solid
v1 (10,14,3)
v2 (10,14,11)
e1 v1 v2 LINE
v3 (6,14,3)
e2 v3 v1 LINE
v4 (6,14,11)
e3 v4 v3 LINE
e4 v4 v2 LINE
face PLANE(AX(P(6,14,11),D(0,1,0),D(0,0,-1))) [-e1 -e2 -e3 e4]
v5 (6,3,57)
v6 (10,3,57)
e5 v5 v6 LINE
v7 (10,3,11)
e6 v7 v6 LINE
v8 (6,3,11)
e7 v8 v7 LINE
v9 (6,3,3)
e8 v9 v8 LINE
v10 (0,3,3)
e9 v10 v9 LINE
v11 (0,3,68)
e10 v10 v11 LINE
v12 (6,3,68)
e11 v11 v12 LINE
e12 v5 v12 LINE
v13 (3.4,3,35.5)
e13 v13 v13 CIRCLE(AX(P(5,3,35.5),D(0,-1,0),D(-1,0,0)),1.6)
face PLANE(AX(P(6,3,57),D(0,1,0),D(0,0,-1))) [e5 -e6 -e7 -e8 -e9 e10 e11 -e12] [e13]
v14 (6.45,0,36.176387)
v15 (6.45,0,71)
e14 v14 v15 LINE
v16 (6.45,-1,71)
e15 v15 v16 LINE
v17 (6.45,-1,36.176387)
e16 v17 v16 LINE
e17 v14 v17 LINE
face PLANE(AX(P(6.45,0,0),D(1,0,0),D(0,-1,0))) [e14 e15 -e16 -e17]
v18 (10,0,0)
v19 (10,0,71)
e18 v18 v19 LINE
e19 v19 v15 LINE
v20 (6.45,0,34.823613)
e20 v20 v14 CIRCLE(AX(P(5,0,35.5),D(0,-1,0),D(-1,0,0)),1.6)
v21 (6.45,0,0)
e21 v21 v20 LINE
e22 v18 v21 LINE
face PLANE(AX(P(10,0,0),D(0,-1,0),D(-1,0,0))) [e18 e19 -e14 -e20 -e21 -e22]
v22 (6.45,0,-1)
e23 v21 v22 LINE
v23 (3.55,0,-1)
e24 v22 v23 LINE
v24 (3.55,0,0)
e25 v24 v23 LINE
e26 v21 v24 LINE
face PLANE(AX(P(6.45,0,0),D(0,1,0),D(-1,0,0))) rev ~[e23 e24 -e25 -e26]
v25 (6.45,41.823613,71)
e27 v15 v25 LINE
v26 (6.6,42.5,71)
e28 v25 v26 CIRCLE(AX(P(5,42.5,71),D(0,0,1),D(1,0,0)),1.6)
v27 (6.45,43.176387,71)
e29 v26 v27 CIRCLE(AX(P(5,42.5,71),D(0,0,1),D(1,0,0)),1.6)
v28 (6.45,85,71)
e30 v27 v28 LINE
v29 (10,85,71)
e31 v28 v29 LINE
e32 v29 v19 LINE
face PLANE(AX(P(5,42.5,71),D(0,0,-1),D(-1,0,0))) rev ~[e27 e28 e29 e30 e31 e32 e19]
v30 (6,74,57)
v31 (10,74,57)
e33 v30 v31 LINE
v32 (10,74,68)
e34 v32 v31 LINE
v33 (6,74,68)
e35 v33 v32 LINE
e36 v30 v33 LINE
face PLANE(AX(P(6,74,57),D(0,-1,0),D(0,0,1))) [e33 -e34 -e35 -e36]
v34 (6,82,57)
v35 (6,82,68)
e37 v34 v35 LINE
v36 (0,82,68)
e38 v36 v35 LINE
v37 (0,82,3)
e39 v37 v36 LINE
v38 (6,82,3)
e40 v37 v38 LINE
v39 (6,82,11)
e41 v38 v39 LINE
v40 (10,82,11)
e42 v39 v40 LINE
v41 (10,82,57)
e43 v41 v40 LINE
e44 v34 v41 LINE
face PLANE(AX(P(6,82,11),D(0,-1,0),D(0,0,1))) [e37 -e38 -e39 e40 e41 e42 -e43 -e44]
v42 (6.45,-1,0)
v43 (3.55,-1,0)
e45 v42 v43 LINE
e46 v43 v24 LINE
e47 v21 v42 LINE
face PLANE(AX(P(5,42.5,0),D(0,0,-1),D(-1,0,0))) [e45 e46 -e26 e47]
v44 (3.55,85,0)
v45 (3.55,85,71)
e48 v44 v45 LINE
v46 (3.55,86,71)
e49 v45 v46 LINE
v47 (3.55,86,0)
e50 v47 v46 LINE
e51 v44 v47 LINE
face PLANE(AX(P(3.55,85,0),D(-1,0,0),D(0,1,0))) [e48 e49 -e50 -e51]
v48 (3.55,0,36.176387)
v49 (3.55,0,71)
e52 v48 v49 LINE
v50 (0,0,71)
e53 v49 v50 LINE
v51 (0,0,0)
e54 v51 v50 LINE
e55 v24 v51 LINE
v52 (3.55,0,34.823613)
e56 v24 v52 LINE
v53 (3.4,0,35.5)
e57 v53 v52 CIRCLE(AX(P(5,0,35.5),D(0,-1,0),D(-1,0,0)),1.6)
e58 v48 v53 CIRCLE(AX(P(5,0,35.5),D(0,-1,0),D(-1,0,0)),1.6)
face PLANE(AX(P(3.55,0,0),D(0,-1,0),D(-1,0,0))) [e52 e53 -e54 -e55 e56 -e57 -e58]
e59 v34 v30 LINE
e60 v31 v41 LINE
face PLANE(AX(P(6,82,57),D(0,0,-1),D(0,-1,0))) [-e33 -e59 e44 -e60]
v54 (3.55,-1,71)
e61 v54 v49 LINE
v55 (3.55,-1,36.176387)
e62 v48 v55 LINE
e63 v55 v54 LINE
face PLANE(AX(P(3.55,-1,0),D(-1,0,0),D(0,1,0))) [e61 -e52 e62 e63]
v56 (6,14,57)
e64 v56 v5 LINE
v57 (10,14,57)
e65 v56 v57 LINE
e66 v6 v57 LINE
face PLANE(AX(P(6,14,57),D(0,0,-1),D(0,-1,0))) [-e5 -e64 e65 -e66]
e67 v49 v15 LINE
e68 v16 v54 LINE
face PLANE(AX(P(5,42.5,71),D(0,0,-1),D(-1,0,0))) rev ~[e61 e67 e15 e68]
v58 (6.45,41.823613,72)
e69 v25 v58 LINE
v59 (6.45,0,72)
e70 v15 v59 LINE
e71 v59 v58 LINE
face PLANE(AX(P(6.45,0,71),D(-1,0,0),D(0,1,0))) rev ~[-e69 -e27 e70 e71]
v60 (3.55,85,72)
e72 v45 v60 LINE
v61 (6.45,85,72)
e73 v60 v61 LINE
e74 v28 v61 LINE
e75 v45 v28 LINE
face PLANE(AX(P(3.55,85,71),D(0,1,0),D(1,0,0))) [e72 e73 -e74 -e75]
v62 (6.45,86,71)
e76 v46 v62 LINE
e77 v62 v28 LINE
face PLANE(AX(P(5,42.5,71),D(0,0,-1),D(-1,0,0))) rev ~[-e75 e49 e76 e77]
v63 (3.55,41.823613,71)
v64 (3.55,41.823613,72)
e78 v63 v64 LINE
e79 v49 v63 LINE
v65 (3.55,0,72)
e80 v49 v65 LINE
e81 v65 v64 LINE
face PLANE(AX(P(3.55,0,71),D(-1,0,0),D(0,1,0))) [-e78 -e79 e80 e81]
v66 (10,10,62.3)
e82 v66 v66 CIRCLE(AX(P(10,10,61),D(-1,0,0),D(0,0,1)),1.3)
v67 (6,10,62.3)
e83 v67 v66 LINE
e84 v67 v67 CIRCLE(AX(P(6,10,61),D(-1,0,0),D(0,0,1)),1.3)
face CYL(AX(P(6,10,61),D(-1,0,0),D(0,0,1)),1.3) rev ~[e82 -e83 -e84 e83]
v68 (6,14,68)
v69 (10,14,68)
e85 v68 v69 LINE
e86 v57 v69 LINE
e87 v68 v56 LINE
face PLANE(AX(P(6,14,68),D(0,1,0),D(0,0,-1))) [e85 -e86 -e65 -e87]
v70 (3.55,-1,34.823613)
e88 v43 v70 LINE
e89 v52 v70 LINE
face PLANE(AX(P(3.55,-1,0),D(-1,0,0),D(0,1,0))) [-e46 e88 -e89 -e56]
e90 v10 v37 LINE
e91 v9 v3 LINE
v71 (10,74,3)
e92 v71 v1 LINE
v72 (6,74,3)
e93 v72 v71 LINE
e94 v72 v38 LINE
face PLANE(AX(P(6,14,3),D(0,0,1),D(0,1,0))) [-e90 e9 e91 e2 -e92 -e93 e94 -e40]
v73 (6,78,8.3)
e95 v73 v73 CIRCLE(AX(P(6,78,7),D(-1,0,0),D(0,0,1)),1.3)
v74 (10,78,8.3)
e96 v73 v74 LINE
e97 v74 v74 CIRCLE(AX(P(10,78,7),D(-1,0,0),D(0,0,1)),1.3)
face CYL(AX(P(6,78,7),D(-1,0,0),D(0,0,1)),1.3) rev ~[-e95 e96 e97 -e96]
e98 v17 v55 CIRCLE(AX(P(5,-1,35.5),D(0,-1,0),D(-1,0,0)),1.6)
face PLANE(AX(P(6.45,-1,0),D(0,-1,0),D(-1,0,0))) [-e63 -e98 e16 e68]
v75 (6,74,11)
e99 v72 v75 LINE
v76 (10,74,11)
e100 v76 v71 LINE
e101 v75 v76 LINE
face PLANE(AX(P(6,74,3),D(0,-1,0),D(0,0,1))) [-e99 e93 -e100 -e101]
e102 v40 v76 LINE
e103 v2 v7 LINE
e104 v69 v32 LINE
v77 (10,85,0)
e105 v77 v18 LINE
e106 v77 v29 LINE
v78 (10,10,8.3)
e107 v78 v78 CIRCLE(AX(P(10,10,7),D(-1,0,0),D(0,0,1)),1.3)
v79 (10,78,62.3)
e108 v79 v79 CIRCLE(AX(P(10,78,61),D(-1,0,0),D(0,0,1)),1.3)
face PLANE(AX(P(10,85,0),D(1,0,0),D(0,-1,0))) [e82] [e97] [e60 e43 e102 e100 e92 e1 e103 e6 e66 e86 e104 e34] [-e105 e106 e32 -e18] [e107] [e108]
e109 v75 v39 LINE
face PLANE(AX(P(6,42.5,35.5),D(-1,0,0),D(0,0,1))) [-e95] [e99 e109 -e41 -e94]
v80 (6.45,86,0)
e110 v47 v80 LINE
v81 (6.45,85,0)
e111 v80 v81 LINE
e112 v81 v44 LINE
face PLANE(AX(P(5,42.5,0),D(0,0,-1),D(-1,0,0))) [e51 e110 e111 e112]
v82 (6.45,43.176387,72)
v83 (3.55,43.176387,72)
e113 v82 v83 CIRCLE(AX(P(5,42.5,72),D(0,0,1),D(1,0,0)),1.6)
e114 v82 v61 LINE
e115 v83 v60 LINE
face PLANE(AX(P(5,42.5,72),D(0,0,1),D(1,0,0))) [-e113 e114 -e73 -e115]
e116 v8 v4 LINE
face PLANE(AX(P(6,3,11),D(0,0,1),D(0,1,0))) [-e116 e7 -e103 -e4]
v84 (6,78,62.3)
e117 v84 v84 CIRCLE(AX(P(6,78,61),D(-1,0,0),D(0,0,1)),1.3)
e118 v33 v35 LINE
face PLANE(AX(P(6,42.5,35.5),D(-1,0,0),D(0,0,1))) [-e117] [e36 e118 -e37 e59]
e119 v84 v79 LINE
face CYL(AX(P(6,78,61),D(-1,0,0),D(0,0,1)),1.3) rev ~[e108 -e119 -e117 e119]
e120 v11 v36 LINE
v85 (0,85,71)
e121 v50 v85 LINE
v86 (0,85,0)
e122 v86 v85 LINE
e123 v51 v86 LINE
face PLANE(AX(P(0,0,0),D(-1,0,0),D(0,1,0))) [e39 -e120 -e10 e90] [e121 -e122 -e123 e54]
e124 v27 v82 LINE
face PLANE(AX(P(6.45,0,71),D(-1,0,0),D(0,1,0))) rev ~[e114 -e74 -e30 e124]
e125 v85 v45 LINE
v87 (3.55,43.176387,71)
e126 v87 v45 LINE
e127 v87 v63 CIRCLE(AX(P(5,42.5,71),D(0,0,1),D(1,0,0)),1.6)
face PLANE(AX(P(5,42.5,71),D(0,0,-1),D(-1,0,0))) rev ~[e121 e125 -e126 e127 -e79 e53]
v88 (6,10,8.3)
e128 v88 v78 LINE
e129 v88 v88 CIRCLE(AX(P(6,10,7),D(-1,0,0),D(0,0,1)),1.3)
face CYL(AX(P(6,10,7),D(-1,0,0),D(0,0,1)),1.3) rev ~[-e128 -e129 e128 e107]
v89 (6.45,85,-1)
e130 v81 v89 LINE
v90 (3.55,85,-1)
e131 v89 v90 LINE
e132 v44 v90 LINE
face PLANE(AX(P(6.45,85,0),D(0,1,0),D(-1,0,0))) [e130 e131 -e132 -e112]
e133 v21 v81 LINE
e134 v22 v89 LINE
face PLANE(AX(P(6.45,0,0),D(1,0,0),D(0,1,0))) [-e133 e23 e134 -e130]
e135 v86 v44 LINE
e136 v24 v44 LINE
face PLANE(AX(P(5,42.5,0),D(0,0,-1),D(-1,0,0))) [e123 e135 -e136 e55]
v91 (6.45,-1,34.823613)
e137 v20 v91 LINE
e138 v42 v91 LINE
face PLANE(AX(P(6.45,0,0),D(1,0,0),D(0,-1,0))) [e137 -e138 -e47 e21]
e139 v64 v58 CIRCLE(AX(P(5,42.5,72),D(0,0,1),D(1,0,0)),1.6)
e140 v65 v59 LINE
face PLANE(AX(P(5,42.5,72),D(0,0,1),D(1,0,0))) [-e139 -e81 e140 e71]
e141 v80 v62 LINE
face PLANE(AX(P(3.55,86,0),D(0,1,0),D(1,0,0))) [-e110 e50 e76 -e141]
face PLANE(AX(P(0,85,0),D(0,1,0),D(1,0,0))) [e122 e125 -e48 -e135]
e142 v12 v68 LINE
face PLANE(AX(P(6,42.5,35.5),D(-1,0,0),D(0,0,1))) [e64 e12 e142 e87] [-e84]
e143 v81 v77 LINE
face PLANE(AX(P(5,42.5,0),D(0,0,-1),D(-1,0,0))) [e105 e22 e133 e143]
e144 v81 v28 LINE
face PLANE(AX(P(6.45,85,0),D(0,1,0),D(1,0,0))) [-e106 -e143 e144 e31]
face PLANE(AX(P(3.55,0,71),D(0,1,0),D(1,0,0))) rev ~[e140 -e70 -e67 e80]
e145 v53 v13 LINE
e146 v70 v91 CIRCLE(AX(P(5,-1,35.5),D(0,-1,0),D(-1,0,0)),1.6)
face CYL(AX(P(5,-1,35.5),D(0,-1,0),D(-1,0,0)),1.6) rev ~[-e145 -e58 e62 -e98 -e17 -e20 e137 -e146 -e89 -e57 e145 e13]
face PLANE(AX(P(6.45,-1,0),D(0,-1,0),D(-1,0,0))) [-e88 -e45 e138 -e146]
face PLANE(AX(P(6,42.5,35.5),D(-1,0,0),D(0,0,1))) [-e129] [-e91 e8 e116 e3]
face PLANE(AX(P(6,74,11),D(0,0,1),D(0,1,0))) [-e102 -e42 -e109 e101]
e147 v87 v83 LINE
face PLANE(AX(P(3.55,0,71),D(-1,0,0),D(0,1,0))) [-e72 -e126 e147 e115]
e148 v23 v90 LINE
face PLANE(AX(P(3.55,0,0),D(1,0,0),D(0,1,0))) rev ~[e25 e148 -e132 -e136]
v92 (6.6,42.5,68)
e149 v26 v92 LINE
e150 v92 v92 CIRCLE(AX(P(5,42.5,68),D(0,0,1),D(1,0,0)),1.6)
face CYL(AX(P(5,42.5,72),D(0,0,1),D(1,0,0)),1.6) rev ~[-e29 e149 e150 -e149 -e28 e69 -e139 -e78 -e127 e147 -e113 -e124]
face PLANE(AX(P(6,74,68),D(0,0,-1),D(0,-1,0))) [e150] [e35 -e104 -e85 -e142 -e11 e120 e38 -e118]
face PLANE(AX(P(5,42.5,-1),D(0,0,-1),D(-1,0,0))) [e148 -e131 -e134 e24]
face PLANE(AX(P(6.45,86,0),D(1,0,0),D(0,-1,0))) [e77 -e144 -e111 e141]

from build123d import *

# Parameters (mm, degrees)
MAIN_DEPTH           = 71
SKETCH2_W            = 2.9
SKETCH2_H            = 85
MAKERBEAMRAIL1_DEPTH = 1
SKETCH3_W            = 2.9
SKETCH3_H            = 85
MAKERBEAMRAIL2_DEPTH = 1
SKETCH4_W            = 65
SKETCH4_H            = 79
BOARDCUT_DEPTH       = 6
SKETCH5_R            = 1.3
BOARDHOLES_DEPTH     = 5
SKETCH6_R            = 1.6
FIXHOLE1_DEPTH       = 4
MAINHOLE_DEPTH       = 5
FIXHOLE2_REACH       = 89
SKETCH8_R            = 1.6


with BuildPart() as part:
    # Sketch1 → Main (new body)
    with BuildSketch(Plane.XY):
        Polygon((0, 85), (3.55, 85), (3.55, 86), (6.45, 86), (6.45, 85), (10, 85), (10, 0), (6.45, 0), (6.45, -1), (3.55, -1), (3.55, 0), (0, 0), align=None)
    extrude(amount=MAIN_DEPTH)

    # Sketch2 → MakerBeamRail1 (add)
    with BuildSketch(Plane.XY.offset(71)):
        with Locations((5, 42.5)):
            Rectangle(SKETCH2_W, SKETCH2_H)
    extrude(amount=MAKERBEAMRAIL1_DEPTH)

    # Sketch3 → MakerBeamRail2 (add)
    with BuildSketch(Plane(origin=(0, 0, 0), x_dir=(-1, 0, 0), z_dir=(0, 0, -1))):
        with Locations((-5, 42.5)):
            Rectangle(SKETCH3_W, SKETCH3_H)
    extrude(amount=MAKERBEAMRAIL2_DEPTH)

    # Sketch4 → BoardCut (cut)
    with BuildSketch(Plane.ZY):
        with Locations((35.5, 42.5)):
            Rectangle(SKETCH4_W, SKETCH4_H)
    extrude(amount=-BOARDCUT_DEPTH, mode=Mode.SUBTRACT)

    # Sketch5 → BoardHoles (cut, through all)
    with BuildSketch(Plane.ZY.offset(-6)):
        with Locations((7, 78)):
            Circle(SKETCH5_R)
        with Locations((61, 78)):
            Circle(SKETCH5_R)
        with Locations((61, 10)):
            Circle(SKETCH5_R)
        with Locations((7, 10)):
            Circle(SKETCH5_R)
    extrude(amount=-BOARDHOLES_DEPTH, mode=Mode.SUBTRACT)

    # Sketch6 → FixHole1 (cut)
    with BuildSketch(Plane.XY.offset(72)):
        with Locations((5, 42.5)):
            Circle(SKETCH6_R)
    extrude(amount=-FIXHOLE1_DEPTH, mode=Mode.SUBTRACT)

    # Sketch7 → MainHole (cut, through all)
    with BuildSketch(Plane.ZY.offset(-6)):
        Polygon((3, 74), (11, 74), (11, 82), (57, 82), (57, 74), (68, 74), (68, 14), (57, 14), (57, 3), (11, 3), (11, 14), (3, 14), align=None)
    extrude(amount=-MAINHOLE_DEPTH, mode=Mode.SUBTRACT)

    # Sketch8 → FixHole2 (cut, up to next)
    with BuildSketch(Plane(origin=(0, -1, 0), x_dir=(-1, 0, 0), z_dir=(0, -1, 0)), mode=Mode.PRIVATE) as fixhole2_sk1:
        with Locations((-5, -35.5)):
            Circle(SKETCH8_R)
    fixhole2_tool1 = extrude(fixhole2_sk1.sketch, amount=-FIXHOLE2_REACH, mode=Mode.PRIVATE) & part.part
    add(fixhole2_tool1.solids().sort_by_distance((5, -1, 35.5))[0], mode=Mode.SUBTRACT)


solid = part.part
